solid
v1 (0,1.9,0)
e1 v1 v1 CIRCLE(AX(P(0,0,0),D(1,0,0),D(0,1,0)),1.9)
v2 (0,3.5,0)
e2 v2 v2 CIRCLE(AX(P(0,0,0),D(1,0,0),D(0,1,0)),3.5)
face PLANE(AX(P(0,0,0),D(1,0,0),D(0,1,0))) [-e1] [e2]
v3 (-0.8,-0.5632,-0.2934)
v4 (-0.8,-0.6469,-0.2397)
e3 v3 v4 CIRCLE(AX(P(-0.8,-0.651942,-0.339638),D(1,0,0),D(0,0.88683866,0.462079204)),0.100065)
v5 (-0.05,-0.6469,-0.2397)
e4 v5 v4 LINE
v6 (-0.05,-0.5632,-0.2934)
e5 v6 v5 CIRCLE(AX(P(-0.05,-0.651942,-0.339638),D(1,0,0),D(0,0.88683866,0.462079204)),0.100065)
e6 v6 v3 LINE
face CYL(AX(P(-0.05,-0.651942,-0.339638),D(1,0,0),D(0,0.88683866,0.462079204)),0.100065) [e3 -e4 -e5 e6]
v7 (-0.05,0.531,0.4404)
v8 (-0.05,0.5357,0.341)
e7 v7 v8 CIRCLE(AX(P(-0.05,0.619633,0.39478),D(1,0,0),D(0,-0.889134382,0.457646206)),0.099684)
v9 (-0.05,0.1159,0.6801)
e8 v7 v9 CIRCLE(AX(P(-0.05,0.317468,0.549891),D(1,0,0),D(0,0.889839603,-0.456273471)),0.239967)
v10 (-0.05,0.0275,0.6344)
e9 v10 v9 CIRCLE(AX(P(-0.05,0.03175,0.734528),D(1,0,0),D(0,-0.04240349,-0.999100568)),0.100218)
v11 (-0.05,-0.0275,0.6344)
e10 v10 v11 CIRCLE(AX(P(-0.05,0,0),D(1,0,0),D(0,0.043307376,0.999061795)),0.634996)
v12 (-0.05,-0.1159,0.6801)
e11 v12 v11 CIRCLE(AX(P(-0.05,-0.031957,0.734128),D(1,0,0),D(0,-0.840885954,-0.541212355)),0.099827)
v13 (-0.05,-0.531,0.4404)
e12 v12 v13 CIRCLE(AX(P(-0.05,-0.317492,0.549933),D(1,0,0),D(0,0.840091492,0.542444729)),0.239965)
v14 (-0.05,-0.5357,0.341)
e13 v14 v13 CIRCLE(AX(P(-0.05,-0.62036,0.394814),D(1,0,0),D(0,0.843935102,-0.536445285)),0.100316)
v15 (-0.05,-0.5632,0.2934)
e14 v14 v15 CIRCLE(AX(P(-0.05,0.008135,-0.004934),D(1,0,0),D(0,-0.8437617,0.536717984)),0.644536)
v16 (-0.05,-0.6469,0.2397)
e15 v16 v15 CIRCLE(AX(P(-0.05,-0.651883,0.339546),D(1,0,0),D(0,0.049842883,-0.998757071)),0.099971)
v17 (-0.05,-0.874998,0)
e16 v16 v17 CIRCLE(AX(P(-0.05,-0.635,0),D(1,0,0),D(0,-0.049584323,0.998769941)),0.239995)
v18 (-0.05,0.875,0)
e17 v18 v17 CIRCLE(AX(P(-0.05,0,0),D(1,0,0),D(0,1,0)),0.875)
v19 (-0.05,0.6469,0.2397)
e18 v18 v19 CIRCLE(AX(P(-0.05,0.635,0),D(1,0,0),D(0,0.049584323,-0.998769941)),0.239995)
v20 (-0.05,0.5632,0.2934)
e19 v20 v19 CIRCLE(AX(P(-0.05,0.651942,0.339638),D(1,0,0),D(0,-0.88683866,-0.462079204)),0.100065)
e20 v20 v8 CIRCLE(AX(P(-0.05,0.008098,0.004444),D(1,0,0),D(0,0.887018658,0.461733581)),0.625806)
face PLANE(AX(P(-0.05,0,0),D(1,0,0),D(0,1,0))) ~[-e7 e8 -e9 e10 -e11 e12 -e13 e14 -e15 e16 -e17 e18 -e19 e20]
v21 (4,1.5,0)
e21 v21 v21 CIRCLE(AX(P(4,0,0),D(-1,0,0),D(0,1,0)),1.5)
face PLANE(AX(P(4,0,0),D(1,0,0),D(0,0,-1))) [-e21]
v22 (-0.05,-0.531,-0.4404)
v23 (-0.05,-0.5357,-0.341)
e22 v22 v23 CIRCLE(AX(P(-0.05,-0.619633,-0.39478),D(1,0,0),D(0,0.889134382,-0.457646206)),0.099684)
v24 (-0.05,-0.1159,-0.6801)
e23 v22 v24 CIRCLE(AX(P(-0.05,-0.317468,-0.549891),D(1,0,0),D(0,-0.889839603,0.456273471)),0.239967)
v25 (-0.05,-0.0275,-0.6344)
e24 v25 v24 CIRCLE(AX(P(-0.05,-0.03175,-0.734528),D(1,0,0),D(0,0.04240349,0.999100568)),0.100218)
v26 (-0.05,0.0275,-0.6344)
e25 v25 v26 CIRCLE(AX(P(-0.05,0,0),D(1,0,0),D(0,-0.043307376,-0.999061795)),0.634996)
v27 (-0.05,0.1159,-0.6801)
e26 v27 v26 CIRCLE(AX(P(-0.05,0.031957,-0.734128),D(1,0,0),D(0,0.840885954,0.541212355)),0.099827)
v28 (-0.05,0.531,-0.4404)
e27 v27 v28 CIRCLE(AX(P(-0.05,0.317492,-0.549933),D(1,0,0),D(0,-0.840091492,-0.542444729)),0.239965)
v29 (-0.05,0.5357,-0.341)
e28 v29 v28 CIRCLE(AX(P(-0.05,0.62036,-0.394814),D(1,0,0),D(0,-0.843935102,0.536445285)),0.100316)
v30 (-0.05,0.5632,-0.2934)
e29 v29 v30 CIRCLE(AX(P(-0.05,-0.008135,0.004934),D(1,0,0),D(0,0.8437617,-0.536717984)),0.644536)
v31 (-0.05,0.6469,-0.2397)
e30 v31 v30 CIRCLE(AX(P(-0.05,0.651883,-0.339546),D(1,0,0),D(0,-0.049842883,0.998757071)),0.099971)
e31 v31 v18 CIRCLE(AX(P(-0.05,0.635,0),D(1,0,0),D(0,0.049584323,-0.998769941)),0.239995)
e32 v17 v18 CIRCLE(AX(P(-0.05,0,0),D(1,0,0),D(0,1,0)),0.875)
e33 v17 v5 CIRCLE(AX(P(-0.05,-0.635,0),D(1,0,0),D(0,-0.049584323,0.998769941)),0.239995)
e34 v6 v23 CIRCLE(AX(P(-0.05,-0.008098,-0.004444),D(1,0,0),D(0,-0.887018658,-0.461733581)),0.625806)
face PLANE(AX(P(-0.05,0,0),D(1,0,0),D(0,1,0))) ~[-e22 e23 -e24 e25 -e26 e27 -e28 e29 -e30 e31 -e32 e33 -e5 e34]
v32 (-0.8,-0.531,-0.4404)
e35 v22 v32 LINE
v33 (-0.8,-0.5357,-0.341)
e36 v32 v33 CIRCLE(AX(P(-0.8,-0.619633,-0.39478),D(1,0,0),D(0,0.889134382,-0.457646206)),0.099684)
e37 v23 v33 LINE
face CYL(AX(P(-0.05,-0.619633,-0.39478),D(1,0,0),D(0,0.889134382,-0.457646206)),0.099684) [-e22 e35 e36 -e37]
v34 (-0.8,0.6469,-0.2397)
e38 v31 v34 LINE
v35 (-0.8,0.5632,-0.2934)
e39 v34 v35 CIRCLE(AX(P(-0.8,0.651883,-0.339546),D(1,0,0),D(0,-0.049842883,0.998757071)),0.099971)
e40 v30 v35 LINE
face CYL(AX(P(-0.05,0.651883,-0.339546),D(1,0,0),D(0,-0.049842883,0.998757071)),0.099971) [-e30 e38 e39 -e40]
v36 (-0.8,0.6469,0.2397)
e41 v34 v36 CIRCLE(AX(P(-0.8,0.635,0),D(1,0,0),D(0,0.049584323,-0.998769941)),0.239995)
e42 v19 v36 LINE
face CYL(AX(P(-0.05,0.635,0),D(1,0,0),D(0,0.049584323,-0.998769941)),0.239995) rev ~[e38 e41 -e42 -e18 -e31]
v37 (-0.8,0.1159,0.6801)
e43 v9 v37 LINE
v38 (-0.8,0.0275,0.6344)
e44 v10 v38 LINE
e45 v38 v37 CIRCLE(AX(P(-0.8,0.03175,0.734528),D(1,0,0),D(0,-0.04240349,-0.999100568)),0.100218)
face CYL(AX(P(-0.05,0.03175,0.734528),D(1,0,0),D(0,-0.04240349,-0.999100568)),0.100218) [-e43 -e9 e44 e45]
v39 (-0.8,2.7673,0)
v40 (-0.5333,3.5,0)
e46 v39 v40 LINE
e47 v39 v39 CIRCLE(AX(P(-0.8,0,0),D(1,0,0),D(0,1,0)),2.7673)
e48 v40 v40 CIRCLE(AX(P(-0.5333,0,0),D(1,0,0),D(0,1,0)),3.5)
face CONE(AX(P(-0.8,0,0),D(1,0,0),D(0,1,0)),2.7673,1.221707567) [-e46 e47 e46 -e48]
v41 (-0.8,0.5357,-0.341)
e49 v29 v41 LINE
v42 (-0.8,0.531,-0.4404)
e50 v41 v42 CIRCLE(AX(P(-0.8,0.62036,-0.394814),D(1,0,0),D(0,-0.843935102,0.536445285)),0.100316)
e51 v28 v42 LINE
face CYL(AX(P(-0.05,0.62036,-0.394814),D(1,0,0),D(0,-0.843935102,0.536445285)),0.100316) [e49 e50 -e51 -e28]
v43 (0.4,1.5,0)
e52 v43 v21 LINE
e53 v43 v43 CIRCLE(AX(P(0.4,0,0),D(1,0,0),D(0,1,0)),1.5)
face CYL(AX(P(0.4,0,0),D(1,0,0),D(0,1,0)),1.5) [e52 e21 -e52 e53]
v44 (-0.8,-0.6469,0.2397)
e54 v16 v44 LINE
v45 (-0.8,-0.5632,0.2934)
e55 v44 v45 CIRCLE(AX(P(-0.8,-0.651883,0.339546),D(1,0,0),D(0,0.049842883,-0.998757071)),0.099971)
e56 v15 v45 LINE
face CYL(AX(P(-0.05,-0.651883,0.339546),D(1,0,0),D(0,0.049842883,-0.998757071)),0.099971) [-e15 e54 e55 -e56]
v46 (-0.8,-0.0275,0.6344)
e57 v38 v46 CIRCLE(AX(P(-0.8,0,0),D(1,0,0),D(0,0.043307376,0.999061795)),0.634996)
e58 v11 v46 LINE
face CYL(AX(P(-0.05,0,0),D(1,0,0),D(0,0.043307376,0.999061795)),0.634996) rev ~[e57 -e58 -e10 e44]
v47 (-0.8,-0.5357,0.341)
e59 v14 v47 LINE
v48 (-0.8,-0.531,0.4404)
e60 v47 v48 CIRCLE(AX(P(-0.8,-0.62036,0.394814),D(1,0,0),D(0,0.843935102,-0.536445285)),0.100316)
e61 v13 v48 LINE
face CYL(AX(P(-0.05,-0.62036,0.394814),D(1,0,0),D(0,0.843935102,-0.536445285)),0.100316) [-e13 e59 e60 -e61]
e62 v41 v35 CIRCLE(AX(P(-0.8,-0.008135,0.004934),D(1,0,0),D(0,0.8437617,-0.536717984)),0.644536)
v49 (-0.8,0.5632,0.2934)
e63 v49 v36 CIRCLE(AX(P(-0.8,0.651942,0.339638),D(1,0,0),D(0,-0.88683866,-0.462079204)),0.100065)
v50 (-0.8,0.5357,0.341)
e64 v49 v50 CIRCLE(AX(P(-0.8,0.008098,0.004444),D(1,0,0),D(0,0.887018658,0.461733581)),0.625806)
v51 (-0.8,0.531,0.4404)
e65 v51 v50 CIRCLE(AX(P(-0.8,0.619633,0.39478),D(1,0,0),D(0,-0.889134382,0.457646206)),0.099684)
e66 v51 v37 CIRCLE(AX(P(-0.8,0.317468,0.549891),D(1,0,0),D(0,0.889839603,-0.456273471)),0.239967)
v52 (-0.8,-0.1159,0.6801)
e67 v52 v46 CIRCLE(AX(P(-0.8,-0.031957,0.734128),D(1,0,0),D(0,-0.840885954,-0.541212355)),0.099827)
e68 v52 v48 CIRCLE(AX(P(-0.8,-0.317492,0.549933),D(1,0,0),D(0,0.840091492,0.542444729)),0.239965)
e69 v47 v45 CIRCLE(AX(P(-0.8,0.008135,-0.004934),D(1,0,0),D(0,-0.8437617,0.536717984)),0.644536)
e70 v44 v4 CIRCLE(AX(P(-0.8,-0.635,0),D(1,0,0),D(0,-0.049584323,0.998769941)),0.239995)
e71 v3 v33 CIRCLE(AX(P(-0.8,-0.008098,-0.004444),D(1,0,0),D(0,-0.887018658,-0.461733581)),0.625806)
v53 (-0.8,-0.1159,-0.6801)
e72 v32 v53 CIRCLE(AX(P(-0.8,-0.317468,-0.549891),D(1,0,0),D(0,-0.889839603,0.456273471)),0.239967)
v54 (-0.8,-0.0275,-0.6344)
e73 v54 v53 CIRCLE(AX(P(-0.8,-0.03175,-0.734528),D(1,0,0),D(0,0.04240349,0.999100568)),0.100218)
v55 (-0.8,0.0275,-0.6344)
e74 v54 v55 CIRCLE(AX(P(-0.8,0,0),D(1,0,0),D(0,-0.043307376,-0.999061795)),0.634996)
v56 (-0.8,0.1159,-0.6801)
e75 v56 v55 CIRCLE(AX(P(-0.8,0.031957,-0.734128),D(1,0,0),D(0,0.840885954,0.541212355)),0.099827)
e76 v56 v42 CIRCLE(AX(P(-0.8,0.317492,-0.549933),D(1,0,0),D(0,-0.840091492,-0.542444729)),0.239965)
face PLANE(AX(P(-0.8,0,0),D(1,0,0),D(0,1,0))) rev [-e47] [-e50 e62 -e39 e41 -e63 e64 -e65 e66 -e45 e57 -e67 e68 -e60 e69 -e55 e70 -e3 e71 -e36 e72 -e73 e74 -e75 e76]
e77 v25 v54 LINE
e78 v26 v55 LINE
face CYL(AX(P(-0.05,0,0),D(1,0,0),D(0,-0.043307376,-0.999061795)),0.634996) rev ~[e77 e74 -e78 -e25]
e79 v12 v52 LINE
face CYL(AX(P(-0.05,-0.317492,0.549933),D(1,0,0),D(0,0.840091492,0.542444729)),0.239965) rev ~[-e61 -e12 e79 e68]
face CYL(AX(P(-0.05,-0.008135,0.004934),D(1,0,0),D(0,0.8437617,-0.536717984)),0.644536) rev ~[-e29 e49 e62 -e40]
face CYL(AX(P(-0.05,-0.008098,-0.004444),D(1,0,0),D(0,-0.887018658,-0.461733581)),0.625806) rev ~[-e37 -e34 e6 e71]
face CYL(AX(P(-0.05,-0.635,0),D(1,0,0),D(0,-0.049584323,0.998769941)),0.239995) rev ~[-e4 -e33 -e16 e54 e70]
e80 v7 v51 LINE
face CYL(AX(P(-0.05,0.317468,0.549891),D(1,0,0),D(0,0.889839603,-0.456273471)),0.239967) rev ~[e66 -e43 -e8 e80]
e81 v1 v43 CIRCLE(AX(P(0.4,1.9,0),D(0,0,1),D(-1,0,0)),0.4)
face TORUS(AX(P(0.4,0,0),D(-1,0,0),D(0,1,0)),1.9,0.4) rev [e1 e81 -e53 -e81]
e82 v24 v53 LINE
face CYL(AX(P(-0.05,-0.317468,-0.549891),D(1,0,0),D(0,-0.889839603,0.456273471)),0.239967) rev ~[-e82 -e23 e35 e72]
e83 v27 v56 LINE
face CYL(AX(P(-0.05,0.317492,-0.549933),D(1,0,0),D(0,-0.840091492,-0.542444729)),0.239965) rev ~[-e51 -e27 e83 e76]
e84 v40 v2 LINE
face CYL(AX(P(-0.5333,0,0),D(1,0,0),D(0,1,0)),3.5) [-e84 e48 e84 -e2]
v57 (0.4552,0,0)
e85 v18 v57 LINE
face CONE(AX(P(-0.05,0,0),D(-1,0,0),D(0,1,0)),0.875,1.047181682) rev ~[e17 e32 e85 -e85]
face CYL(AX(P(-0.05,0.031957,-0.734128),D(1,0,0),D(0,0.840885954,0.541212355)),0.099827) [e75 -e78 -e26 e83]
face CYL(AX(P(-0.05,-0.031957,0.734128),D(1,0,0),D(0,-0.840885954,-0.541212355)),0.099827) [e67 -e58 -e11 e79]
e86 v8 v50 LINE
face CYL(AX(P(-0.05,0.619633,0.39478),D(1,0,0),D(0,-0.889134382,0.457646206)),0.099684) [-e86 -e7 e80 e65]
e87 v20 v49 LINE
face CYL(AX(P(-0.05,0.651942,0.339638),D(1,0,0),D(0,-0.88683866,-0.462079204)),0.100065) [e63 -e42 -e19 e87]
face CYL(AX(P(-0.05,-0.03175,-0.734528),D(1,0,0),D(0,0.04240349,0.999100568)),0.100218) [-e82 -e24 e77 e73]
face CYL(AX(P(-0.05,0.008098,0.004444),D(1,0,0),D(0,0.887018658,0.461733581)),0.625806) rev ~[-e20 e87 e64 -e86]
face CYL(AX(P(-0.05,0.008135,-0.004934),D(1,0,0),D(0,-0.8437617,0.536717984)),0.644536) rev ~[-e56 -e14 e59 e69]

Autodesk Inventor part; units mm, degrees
ref_plane "YZ Plane" through (0, 0, 0) normal (1, 0, 0) x (0, 1, 0)
ref_plane "XZ Plane" through (0, 0, 0) normal (0, 1, 0) x (-1, 0, 0)
ref_plane "XY Plane" through (0, 0, 0) normal (0, 0, 1) x (1, 0, 0)
sketch "Sketch_1" plane through (0, 0, 0) normal (0, 0, 1) x (1, 0, 0)
  line L0 (6, 0) -> (0, 0)
  line L1 (-0.8, 0) -> (-0.8, 2.7673)
  line L2 (-0.8, 2.7673) -> (-0.5333, 3.5)
  line L3 (-0.5333, 3.5) -> (0, 3.5)
  line L4 (0, 3.5) -> (0, 1.9)
  arc A0 (0, 1.9) -> (0.4, 1.5) centre (0.4, 1.9) ccw
  line L5 (0.4, 1.5) -> (6, 1.5)
  line L6 (6, 1.5) -> (6, 0)
  line L7 (6, 0) -> (-0.8, 0)
  line L8 (0, 0) -> (-0.8, 0)
  dimension "d6" = 6
revolve "Revolution1" add sketch "Sketch_1" angle 360 about axis through (6, 0, 0) along (1, 0, 0)
thread "Thread1" size "M3x0.5" class "6g" standard "ISO Metric profile" length 5.5 offset 0.1
sketch "Sketch_5" plane through (-0.05, 0, 0) normal (1, 0, 0) x (0, 0, -1)
  arc A0 (-0.6801, -0.1159) -> (-0.4404, -0.531) centre (-0.5499, -0.3175) ccw
  arc A1 (-0.341, -0.5357) -> (-0.4404, -0.531) centre (-0.3947, -0.62) ccw
  arc A2 (-0.341, -0.5357) -> (-0.2934, -0.5632) centre (0, 0) ccw
  arc A3 (-0.2397, -0.6469) -> (-0.2934, -0.5632) centre (-0.3396, -0.6519) ccw
  arc A4 (-0.2397, -0.6469) -> (0.2397, -0.6469) centre (0, -0.635) ccw
  arc A5 (0.2934, -0.5632) -> (0.2397, -0.6469) centre (0.3396, -0.6519) ccw
  arc A6 (0.2934, -0.5632) -> (0.341, -0.5357) centre (0, 0) ccw
  arc A7 (0.4404, -0.531) -> (0.341, -0.5357) centre (0.3947, -0.62) ccw
  arc A8 (0.4404, -0.531) -> (0.6801, -0.1159) centre (0.5499, -0.3175) ccw
  arc A9 (0.6344, -0.0275) -> (0.6801, -0.1159) centre (0.7343, -0.0318) ccw
  arc A10 (0.6344, -0.0275) -> (0.6344, 0.0275) centre (0, 0) ccw
  arc A11 (0.6801, 0.1159) -> (0.6344, 0.0275) centre (0.7343, 0.0318) ccw
  arc A12 (0.6801, 0.1159) -> (0.4404, 0.531) centre (0.5499, 0.3175) ccw
  arc A13 (0.341, 0.5357) -> (0.4404, 0.531) centre (0.3947, 0.62) ccw
  arc A14 (0.341, 0.5357) -> (0.2934, 0.5632) centre (0, 0) ccw
  arc A15 (0.2397, 0.6469) -> (0.2934, 0.5632) centre (0.3396, 0.6519) ccw
  arc A16 (0.2397, 0.6469) -> (-0.2397, 0.6469) centre (0, 0.635) ccw
  arc A17 (-0.2934, 0.5632) -> (-0.2397, 0.6469) centre (-0.3396, 0.6519) ccw
  arc A18 (-0.2934, 0.5632) -> (-0.341, 0.5357) centre (0, 0) ccw
  arc A19 (-0.4404, 0.531) -> (-0.341, 0.5357) centre (-0.3947, 0.62) ccw
  arc A20 (-0.4404, 0.531) -> (-0.6801, 0.1159) centre (-0.5499, 0.3175) ccw
  arc A21 (-0.6344, 0.0275) -> (-0.6801, 0.1159) centre (-0.7343, 0.0318) ccw
  arc A22 (-0.6344, 0.0275) -> (-0.6344, -0.0275) centre (0, 0) ccw
  arc A23 (-0.6801, -0.1159) -> (-0.6344, -0.0275) centre (-0.7343, -0.0318) ccw
extrude "Extrusion1" cut sketch "Sketch_5" against normal blind 0.75
sketch "Sketch_2" plane through (0, 0, 0) normal (0, 0, 1) x (1, 0, 0)
  line L0 (0.4552, 0) -> (0, 0)
  line L1 (-0.05, 0) -> (-0.05, 0.875)
  line L2 (-0.05, 0.875) -> (0.4552, 0)
  line L3 (0.4552, 0) -> (-0.05, 0)
revolve "Revolution2" cut sketch "Sketch_2" angle 360 about axis through (0.4552, 0, 0) along (1, 0, 0)
sketch "スケッチ4" plane through (6, 0, 0) normal (1, 0, 0) x (0, 0, -1)
  circle A0 centre (0, 0) radius 1.5 projected
extrude "押し出し2" cut sketch "スケッチ4" against normal blind 2
properties part number "超極低頭ネジL4" material "ステンレス鋼"
